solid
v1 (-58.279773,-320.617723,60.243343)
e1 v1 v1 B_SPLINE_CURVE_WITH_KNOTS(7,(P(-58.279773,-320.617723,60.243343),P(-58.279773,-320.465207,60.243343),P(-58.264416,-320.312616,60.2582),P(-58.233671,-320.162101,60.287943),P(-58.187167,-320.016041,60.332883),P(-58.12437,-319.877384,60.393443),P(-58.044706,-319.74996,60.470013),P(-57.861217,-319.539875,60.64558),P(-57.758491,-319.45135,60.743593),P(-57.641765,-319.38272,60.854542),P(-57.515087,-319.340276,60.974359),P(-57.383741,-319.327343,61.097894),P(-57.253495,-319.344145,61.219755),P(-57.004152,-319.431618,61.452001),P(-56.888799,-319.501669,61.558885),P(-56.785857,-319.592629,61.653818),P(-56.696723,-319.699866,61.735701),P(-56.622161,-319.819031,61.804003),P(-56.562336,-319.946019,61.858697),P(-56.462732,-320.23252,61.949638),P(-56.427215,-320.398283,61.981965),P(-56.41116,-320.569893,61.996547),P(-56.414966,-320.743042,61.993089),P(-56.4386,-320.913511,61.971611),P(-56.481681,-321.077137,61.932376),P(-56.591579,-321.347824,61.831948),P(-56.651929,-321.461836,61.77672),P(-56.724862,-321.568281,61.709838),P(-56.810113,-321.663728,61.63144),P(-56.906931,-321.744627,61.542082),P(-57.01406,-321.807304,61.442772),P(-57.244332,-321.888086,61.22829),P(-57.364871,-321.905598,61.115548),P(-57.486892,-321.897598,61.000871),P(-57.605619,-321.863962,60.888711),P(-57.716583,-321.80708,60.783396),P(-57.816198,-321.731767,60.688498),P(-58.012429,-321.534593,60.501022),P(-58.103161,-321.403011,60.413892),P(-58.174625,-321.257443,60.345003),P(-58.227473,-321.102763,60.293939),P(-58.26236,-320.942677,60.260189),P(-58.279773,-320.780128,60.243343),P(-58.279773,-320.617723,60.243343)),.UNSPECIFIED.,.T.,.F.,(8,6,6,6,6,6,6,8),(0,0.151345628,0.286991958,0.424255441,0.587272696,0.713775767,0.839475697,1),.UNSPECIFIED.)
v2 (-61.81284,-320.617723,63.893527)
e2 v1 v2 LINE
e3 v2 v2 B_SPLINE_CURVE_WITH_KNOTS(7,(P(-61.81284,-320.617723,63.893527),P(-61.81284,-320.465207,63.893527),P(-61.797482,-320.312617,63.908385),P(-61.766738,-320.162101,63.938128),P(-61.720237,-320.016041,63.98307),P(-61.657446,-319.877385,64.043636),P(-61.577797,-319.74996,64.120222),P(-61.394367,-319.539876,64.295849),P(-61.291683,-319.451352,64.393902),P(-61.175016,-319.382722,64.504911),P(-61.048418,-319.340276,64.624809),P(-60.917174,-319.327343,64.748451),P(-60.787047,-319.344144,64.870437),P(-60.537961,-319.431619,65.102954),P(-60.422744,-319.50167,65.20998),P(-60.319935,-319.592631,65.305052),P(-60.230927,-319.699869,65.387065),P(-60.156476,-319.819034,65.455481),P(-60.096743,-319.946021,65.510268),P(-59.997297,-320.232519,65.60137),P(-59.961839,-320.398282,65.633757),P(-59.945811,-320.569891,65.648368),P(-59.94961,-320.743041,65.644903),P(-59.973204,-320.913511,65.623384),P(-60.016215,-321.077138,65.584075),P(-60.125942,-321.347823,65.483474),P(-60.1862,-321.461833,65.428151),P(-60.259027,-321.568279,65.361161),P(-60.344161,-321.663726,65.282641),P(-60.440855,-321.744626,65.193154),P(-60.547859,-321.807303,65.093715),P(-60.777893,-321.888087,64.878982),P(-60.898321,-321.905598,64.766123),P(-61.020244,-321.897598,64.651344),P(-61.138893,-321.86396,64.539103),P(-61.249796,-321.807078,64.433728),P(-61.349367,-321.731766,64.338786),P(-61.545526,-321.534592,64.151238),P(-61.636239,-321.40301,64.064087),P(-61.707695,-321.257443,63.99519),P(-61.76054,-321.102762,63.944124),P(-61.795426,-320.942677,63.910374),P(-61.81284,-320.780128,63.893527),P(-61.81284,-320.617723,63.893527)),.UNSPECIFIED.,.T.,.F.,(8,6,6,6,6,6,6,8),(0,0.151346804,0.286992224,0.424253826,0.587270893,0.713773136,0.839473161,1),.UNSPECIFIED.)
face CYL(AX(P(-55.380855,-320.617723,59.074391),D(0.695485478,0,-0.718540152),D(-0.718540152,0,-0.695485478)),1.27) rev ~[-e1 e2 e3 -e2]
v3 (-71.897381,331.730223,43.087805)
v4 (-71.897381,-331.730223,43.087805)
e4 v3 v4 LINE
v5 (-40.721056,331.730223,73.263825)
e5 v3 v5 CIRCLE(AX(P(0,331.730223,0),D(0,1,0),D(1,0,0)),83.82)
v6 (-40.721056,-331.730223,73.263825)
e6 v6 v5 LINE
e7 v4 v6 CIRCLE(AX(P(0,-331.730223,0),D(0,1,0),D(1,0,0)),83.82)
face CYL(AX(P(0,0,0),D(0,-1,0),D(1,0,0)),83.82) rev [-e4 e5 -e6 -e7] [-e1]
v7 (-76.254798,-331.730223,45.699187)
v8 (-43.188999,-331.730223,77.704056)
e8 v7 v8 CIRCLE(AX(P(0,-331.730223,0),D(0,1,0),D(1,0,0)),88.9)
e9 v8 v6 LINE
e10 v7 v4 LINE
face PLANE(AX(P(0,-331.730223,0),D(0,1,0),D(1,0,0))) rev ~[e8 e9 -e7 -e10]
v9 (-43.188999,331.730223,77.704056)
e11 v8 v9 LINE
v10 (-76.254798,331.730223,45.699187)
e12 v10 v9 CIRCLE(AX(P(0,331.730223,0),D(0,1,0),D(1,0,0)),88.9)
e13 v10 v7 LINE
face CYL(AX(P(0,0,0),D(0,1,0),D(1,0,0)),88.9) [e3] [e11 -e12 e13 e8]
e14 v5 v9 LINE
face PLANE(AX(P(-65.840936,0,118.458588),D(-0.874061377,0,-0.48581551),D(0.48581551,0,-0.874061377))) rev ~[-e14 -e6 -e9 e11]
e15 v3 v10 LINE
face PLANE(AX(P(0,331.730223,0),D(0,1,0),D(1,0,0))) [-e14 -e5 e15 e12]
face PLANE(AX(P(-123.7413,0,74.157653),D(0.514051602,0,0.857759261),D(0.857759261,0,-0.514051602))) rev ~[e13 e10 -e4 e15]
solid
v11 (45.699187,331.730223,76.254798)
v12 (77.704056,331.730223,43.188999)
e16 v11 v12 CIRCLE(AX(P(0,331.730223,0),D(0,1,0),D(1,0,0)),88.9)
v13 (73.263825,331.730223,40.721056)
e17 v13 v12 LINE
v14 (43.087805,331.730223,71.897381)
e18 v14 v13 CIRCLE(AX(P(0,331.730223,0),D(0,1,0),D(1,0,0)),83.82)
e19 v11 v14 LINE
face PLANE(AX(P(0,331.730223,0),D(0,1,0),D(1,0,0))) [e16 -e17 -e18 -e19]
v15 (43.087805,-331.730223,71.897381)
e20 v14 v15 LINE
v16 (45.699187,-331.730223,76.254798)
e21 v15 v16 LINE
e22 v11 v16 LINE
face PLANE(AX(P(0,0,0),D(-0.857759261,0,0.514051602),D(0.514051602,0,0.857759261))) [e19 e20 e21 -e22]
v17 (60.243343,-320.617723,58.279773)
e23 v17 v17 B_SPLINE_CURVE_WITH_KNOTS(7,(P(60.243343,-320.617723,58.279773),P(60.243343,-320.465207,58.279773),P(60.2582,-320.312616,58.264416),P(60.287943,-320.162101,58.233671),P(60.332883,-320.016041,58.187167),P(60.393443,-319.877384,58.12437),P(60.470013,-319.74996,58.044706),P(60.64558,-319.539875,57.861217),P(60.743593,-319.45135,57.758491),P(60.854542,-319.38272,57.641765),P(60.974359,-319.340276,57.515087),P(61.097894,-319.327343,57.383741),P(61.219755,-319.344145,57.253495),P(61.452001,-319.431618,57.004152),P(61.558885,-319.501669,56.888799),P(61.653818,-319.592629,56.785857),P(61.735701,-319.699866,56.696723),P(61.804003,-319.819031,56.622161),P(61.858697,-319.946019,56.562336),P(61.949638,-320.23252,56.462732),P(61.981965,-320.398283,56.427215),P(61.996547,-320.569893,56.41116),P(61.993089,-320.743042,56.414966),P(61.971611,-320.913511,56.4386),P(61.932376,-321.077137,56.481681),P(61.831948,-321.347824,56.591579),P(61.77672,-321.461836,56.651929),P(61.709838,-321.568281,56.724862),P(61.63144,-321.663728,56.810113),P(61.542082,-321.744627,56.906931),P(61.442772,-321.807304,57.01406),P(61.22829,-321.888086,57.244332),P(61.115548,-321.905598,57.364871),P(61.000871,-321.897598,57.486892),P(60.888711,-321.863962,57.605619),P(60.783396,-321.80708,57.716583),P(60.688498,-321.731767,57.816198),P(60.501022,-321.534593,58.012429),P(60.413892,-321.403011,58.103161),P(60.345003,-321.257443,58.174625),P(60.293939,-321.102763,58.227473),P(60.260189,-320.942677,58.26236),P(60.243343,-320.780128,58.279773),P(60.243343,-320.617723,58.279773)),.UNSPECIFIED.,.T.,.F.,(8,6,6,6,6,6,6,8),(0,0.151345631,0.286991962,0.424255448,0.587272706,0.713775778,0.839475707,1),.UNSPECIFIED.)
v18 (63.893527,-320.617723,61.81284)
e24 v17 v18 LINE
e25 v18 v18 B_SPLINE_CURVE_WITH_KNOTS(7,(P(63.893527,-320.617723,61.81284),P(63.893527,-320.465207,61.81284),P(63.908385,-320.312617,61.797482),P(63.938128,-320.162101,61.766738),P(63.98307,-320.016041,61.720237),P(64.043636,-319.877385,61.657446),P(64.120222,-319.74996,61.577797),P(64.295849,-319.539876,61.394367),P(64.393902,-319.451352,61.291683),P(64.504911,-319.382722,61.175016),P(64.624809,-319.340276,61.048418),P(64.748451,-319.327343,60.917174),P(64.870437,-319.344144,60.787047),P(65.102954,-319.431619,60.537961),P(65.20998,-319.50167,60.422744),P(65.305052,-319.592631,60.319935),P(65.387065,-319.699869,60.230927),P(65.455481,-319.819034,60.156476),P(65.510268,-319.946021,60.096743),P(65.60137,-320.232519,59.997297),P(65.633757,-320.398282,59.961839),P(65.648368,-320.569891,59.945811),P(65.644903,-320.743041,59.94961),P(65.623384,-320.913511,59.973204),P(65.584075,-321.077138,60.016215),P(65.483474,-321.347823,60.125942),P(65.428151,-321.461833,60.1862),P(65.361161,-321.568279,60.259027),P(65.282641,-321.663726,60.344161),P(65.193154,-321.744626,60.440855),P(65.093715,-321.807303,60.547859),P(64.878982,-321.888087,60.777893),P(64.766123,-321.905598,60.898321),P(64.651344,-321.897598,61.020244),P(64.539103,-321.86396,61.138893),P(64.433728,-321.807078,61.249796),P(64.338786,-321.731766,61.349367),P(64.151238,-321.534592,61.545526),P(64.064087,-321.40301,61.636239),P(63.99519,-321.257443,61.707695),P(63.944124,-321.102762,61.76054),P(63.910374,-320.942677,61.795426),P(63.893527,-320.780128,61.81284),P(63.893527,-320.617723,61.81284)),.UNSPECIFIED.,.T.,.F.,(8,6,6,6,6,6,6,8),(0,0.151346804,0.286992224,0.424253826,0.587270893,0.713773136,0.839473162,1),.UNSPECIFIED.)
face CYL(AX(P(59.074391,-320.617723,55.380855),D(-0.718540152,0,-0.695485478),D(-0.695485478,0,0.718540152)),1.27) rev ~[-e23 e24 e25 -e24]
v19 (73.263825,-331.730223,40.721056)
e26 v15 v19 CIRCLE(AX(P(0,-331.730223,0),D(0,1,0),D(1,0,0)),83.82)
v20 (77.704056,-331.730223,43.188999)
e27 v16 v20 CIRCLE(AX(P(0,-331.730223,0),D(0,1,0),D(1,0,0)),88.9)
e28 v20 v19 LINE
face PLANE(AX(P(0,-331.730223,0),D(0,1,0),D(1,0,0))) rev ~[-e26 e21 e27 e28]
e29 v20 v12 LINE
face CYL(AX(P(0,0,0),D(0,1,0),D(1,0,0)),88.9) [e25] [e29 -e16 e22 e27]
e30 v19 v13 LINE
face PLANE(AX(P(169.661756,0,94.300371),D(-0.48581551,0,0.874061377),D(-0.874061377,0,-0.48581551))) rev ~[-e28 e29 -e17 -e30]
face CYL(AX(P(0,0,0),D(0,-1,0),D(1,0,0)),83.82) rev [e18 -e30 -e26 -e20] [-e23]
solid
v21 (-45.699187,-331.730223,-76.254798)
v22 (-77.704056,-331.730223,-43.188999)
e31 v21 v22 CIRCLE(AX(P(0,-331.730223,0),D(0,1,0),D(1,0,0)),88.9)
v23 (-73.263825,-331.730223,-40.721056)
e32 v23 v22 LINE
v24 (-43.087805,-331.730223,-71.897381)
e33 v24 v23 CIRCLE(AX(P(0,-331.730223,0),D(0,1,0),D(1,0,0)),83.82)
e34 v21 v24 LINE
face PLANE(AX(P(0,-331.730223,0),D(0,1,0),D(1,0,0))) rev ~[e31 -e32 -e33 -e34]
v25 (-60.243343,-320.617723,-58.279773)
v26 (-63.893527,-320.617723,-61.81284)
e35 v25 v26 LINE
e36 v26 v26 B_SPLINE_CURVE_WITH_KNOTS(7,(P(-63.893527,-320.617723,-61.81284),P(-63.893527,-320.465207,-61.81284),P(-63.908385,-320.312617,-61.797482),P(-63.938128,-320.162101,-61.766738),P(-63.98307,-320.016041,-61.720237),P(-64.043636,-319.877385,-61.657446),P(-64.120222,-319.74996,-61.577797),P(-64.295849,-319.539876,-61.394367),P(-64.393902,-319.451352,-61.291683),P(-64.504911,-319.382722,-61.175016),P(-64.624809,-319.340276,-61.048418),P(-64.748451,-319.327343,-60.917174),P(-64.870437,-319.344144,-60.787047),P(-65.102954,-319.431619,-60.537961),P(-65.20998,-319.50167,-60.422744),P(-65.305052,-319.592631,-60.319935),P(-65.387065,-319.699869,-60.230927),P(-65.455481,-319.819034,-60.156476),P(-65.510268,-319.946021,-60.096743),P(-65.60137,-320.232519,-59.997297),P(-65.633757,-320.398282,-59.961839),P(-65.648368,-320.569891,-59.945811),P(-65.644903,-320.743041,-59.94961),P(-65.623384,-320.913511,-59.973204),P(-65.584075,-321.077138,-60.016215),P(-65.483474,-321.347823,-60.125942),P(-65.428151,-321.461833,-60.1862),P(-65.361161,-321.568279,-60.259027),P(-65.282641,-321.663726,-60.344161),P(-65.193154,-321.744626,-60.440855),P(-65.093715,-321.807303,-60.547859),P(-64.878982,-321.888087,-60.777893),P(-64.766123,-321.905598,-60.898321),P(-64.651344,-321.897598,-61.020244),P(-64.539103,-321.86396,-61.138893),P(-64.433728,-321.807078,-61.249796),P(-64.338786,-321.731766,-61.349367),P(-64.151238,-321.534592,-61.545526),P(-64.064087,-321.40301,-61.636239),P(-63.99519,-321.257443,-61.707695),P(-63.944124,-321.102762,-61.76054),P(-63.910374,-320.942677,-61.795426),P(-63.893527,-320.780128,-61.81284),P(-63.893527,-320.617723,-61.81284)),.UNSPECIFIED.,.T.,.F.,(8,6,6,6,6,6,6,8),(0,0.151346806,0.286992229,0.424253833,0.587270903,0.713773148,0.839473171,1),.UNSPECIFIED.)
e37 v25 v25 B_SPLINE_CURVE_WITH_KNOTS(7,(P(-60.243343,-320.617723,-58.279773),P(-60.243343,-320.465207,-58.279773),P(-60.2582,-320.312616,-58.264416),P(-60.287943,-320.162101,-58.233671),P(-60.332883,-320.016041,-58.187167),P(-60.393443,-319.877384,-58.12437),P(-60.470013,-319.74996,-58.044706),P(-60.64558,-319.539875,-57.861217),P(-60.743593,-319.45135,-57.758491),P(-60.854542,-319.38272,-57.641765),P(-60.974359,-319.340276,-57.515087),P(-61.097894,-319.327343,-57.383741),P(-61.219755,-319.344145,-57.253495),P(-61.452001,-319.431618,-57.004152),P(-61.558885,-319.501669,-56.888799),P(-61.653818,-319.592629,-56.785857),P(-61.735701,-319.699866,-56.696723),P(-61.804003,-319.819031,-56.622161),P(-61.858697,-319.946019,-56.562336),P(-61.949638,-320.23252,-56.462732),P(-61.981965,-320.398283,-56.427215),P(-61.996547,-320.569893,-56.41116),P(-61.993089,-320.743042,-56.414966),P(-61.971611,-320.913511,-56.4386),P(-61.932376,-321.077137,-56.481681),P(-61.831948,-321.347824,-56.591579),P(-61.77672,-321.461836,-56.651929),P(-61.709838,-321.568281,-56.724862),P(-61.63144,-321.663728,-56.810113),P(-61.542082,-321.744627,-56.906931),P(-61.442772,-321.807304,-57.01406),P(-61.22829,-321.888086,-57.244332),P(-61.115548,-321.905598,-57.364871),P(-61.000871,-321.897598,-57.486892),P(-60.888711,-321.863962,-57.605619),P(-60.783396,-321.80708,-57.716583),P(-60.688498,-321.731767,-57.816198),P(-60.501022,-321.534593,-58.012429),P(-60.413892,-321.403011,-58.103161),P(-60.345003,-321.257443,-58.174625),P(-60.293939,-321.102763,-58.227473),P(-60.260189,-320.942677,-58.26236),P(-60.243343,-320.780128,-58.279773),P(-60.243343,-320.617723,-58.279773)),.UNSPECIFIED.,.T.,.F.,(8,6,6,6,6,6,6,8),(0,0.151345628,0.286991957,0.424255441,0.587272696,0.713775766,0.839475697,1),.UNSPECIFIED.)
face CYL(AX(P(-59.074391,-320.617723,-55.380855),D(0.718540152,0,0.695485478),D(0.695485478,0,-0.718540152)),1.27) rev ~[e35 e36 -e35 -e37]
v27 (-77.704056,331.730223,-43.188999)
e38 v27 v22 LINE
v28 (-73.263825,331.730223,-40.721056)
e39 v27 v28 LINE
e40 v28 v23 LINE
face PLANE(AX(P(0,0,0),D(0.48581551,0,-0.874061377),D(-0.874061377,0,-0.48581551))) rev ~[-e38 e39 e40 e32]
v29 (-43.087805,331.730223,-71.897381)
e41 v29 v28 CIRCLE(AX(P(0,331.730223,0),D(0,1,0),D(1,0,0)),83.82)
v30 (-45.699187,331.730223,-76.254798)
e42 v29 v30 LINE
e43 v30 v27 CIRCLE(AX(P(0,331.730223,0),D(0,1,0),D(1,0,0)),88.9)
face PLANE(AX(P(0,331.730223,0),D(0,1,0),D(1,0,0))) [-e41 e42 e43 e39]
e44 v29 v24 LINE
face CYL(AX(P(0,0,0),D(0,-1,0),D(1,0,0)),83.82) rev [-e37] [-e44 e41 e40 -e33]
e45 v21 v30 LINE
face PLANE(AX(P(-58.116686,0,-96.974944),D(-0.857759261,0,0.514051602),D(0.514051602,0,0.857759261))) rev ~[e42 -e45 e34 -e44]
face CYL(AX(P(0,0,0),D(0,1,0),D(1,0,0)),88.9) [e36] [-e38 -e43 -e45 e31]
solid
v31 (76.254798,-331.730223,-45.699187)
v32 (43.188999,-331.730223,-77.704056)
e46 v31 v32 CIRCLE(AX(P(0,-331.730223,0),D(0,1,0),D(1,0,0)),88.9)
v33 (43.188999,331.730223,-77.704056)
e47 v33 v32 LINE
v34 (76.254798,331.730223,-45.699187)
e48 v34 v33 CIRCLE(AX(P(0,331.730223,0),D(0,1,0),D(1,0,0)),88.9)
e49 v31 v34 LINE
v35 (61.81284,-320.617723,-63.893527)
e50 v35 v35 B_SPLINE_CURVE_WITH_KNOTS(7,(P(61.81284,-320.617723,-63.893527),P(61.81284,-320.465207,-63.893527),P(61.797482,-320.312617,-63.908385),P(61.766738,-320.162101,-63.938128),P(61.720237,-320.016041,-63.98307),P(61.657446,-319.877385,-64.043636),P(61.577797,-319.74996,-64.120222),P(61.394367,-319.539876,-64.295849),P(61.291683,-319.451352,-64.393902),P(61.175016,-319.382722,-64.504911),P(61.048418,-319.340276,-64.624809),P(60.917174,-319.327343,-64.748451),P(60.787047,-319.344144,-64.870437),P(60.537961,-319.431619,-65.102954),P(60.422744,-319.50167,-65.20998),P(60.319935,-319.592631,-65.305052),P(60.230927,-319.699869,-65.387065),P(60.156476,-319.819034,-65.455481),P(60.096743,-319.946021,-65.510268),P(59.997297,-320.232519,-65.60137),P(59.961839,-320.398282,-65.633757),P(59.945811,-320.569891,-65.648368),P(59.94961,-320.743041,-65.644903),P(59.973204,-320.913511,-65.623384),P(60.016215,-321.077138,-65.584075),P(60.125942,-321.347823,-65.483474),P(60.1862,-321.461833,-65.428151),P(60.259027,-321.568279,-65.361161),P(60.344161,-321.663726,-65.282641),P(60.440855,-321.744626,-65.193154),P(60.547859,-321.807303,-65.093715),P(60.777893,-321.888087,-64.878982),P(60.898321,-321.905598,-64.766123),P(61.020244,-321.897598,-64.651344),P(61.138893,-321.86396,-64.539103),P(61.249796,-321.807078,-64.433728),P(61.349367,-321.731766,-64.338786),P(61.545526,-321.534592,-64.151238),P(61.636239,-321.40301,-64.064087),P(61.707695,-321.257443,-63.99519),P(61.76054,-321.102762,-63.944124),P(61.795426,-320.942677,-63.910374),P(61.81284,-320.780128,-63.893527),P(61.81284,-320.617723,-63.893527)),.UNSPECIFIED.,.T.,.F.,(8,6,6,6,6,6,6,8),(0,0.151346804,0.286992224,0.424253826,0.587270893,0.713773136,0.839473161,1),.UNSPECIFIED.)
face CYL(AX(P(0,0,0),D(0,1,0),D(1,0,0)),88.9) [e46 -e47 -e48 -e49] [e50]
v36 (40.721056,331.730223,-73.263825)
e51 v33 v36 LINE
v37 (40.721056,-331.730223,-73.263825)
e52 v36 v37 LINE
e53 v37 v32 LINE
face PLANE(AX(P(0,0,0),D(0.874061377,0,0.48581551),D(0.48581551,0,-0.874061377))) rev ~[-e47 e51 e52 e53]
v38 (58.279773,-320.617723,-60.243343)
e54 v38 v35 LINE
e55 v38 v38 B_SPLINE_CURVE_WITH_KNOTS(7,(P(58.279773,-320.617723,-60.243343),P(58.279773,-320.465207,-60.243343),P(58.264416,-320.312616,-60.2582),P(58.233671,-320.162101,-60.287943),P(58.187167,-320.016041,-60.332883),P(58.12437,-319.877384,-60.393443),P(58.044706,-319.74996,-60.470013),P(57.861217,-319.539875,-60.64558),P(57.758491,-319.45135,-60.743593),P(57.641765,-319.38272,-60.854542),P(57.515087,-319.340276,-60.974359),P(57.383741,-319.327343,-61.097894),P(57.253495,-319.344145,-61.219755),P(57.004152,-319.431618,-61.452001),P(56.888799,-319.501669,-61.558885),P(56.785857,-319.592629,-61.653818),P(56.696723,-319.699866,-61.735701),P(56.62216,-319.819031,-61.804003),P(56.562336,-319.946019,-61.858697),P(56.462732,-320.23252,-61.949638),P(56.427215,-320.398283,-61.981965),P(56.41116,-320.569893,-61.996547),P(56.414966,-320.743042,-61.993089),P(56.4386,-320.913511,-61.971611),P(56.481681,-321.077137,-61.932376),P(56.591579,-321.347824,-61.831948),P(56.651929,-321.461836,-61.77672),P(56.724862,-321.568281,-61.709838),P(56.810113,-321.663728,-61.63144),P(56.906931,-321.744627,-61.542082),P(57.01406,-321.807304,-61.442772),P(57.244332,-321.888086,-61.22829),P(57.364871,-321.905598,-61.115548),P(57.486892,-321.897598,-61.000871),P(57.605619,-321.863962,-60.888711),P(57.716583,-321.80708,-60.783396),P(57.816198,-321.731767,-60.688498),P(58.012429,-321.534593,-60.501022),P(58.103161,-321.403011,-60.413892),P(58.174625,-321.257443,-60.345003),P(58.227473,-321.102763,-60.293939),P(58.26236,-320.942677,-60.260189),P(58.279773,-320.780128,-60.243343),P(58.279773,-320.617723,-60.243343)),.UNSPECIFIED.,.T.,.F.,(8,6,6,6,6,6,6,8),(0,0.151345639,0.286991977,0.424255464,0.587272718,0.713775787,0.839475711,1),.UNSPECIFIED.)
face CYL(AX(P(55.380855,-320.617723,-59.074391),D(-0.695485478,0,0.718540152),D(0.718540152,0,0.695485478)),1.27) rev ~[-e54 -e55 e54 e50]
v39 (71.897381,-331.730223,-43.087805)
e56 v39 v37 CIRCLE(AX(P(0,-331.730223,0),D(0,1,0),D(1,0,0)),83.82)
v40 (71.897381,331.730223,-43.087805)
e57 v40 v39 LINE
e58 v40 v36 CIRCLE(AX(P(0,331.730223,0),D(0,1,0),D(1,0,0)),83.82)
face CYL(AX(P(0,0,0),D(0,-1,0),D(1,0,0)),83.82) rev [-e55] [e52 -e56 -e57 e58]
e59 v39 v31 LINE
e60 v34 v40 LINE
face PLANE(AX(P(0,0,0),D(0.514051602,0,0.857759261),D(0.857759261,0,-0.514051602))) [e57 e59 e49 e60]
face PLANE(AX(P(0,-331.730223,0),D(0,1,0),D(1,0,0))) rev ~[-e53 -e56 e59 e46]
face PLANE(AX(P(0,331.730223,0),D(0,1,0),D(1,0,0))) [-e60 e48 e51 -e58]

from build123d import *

# Parameters (mm, degrees)
SKETCH2_R               = 88.9
SKETCH2_R_2             = 83.82
BOSS_EXTRUDE1_DEPTH     = 331.730223
CUT_EXTRUDE1_DEPTH      = 332.730223
CUT_EXTRUDE1_DEPTH_BACK = 332.730223
SKETCH5_R               = 1.27
BOLT_HOLES_DEPTH        = 29.911624556
BOLT_PATTERN_COUNT      = 4


with BuildPart() as part:
    # Sketch2 → Boss-Extrude1 (new body, symmetric)
    with BuildSketch(Plane(origin=(0, 0, 0), x_dir=(1, 0, 0), z_dir=(0, 1, 0))):
        Circle(SKETCH2_R)
        Circle(SKETCH2_R_2, mode=Mode.SUBTRACT)
    extrude(amount=BOSS_EXTRUDE1_DEPTH, both=True)

    # Sketch3 → Cut-Extrude1 (cut, two sides)
    with BuildSketch(Plane(origin=(0, 0, 0), x_dir=(1, 0, 0), z_dir=(0, 1, 0))) as cut_extrude1_sk:
        Polygon((169.661755759, -94.300371224), (0, 0), (169.661755759, 101.677593364), align=None)
        Polygon((0, 0), (53.900027233, 96.974944394), (-58.116685864, 96.974944394), align=None)
        Polygon((-123.741299607, 68.777140945), (-123.741299607, -74.157652604), (0, 0), align=None)
        Polygon((-65.840936026, -118.45858783), (0, 0), (70.991745134, -118.45858783), align=None)
    extrude(amount=CUT_EXTRUDE1_DEPTH, mode=Mode.SUBTRACT)
    extrude(cut_extrude1_sk.sketch, amount=-CUT_EXTRUDE1_DEPTH_BACK, mode=Mode.SUBTRACT)

    # Sketch5 → Bolt holes (cut, through all)
    with BuildSketch(Plane(origin=(-56.309218645, 0, 58.175814955), x_dir=(-0.718540152, 0, -0.695485478), z_dir=(0.695485478, 0, -0.718540152))):
        with Locations((-1.29201311, -320.617723)):
            Circle(SKETCH5_R)
    bolt_holes = extrude(amount=-BOLT_HOLES_DEPTH, mode=Mode.SUBTRACT)

    # Bolt pattern: Bolt holes ×4 about axis
    bolt_pattern_axis = Axis((0, 331.730223, 0), (0, 1, 0))
    for i in range(1, BOLT_PATTERN_COUNT):
        add(bolt_holes.rotate(bolt_pattern_axis, i * 360 / BOLT_PATTERN_COUNT), mode=Mode.SUBTRACT)


solid = part.part
